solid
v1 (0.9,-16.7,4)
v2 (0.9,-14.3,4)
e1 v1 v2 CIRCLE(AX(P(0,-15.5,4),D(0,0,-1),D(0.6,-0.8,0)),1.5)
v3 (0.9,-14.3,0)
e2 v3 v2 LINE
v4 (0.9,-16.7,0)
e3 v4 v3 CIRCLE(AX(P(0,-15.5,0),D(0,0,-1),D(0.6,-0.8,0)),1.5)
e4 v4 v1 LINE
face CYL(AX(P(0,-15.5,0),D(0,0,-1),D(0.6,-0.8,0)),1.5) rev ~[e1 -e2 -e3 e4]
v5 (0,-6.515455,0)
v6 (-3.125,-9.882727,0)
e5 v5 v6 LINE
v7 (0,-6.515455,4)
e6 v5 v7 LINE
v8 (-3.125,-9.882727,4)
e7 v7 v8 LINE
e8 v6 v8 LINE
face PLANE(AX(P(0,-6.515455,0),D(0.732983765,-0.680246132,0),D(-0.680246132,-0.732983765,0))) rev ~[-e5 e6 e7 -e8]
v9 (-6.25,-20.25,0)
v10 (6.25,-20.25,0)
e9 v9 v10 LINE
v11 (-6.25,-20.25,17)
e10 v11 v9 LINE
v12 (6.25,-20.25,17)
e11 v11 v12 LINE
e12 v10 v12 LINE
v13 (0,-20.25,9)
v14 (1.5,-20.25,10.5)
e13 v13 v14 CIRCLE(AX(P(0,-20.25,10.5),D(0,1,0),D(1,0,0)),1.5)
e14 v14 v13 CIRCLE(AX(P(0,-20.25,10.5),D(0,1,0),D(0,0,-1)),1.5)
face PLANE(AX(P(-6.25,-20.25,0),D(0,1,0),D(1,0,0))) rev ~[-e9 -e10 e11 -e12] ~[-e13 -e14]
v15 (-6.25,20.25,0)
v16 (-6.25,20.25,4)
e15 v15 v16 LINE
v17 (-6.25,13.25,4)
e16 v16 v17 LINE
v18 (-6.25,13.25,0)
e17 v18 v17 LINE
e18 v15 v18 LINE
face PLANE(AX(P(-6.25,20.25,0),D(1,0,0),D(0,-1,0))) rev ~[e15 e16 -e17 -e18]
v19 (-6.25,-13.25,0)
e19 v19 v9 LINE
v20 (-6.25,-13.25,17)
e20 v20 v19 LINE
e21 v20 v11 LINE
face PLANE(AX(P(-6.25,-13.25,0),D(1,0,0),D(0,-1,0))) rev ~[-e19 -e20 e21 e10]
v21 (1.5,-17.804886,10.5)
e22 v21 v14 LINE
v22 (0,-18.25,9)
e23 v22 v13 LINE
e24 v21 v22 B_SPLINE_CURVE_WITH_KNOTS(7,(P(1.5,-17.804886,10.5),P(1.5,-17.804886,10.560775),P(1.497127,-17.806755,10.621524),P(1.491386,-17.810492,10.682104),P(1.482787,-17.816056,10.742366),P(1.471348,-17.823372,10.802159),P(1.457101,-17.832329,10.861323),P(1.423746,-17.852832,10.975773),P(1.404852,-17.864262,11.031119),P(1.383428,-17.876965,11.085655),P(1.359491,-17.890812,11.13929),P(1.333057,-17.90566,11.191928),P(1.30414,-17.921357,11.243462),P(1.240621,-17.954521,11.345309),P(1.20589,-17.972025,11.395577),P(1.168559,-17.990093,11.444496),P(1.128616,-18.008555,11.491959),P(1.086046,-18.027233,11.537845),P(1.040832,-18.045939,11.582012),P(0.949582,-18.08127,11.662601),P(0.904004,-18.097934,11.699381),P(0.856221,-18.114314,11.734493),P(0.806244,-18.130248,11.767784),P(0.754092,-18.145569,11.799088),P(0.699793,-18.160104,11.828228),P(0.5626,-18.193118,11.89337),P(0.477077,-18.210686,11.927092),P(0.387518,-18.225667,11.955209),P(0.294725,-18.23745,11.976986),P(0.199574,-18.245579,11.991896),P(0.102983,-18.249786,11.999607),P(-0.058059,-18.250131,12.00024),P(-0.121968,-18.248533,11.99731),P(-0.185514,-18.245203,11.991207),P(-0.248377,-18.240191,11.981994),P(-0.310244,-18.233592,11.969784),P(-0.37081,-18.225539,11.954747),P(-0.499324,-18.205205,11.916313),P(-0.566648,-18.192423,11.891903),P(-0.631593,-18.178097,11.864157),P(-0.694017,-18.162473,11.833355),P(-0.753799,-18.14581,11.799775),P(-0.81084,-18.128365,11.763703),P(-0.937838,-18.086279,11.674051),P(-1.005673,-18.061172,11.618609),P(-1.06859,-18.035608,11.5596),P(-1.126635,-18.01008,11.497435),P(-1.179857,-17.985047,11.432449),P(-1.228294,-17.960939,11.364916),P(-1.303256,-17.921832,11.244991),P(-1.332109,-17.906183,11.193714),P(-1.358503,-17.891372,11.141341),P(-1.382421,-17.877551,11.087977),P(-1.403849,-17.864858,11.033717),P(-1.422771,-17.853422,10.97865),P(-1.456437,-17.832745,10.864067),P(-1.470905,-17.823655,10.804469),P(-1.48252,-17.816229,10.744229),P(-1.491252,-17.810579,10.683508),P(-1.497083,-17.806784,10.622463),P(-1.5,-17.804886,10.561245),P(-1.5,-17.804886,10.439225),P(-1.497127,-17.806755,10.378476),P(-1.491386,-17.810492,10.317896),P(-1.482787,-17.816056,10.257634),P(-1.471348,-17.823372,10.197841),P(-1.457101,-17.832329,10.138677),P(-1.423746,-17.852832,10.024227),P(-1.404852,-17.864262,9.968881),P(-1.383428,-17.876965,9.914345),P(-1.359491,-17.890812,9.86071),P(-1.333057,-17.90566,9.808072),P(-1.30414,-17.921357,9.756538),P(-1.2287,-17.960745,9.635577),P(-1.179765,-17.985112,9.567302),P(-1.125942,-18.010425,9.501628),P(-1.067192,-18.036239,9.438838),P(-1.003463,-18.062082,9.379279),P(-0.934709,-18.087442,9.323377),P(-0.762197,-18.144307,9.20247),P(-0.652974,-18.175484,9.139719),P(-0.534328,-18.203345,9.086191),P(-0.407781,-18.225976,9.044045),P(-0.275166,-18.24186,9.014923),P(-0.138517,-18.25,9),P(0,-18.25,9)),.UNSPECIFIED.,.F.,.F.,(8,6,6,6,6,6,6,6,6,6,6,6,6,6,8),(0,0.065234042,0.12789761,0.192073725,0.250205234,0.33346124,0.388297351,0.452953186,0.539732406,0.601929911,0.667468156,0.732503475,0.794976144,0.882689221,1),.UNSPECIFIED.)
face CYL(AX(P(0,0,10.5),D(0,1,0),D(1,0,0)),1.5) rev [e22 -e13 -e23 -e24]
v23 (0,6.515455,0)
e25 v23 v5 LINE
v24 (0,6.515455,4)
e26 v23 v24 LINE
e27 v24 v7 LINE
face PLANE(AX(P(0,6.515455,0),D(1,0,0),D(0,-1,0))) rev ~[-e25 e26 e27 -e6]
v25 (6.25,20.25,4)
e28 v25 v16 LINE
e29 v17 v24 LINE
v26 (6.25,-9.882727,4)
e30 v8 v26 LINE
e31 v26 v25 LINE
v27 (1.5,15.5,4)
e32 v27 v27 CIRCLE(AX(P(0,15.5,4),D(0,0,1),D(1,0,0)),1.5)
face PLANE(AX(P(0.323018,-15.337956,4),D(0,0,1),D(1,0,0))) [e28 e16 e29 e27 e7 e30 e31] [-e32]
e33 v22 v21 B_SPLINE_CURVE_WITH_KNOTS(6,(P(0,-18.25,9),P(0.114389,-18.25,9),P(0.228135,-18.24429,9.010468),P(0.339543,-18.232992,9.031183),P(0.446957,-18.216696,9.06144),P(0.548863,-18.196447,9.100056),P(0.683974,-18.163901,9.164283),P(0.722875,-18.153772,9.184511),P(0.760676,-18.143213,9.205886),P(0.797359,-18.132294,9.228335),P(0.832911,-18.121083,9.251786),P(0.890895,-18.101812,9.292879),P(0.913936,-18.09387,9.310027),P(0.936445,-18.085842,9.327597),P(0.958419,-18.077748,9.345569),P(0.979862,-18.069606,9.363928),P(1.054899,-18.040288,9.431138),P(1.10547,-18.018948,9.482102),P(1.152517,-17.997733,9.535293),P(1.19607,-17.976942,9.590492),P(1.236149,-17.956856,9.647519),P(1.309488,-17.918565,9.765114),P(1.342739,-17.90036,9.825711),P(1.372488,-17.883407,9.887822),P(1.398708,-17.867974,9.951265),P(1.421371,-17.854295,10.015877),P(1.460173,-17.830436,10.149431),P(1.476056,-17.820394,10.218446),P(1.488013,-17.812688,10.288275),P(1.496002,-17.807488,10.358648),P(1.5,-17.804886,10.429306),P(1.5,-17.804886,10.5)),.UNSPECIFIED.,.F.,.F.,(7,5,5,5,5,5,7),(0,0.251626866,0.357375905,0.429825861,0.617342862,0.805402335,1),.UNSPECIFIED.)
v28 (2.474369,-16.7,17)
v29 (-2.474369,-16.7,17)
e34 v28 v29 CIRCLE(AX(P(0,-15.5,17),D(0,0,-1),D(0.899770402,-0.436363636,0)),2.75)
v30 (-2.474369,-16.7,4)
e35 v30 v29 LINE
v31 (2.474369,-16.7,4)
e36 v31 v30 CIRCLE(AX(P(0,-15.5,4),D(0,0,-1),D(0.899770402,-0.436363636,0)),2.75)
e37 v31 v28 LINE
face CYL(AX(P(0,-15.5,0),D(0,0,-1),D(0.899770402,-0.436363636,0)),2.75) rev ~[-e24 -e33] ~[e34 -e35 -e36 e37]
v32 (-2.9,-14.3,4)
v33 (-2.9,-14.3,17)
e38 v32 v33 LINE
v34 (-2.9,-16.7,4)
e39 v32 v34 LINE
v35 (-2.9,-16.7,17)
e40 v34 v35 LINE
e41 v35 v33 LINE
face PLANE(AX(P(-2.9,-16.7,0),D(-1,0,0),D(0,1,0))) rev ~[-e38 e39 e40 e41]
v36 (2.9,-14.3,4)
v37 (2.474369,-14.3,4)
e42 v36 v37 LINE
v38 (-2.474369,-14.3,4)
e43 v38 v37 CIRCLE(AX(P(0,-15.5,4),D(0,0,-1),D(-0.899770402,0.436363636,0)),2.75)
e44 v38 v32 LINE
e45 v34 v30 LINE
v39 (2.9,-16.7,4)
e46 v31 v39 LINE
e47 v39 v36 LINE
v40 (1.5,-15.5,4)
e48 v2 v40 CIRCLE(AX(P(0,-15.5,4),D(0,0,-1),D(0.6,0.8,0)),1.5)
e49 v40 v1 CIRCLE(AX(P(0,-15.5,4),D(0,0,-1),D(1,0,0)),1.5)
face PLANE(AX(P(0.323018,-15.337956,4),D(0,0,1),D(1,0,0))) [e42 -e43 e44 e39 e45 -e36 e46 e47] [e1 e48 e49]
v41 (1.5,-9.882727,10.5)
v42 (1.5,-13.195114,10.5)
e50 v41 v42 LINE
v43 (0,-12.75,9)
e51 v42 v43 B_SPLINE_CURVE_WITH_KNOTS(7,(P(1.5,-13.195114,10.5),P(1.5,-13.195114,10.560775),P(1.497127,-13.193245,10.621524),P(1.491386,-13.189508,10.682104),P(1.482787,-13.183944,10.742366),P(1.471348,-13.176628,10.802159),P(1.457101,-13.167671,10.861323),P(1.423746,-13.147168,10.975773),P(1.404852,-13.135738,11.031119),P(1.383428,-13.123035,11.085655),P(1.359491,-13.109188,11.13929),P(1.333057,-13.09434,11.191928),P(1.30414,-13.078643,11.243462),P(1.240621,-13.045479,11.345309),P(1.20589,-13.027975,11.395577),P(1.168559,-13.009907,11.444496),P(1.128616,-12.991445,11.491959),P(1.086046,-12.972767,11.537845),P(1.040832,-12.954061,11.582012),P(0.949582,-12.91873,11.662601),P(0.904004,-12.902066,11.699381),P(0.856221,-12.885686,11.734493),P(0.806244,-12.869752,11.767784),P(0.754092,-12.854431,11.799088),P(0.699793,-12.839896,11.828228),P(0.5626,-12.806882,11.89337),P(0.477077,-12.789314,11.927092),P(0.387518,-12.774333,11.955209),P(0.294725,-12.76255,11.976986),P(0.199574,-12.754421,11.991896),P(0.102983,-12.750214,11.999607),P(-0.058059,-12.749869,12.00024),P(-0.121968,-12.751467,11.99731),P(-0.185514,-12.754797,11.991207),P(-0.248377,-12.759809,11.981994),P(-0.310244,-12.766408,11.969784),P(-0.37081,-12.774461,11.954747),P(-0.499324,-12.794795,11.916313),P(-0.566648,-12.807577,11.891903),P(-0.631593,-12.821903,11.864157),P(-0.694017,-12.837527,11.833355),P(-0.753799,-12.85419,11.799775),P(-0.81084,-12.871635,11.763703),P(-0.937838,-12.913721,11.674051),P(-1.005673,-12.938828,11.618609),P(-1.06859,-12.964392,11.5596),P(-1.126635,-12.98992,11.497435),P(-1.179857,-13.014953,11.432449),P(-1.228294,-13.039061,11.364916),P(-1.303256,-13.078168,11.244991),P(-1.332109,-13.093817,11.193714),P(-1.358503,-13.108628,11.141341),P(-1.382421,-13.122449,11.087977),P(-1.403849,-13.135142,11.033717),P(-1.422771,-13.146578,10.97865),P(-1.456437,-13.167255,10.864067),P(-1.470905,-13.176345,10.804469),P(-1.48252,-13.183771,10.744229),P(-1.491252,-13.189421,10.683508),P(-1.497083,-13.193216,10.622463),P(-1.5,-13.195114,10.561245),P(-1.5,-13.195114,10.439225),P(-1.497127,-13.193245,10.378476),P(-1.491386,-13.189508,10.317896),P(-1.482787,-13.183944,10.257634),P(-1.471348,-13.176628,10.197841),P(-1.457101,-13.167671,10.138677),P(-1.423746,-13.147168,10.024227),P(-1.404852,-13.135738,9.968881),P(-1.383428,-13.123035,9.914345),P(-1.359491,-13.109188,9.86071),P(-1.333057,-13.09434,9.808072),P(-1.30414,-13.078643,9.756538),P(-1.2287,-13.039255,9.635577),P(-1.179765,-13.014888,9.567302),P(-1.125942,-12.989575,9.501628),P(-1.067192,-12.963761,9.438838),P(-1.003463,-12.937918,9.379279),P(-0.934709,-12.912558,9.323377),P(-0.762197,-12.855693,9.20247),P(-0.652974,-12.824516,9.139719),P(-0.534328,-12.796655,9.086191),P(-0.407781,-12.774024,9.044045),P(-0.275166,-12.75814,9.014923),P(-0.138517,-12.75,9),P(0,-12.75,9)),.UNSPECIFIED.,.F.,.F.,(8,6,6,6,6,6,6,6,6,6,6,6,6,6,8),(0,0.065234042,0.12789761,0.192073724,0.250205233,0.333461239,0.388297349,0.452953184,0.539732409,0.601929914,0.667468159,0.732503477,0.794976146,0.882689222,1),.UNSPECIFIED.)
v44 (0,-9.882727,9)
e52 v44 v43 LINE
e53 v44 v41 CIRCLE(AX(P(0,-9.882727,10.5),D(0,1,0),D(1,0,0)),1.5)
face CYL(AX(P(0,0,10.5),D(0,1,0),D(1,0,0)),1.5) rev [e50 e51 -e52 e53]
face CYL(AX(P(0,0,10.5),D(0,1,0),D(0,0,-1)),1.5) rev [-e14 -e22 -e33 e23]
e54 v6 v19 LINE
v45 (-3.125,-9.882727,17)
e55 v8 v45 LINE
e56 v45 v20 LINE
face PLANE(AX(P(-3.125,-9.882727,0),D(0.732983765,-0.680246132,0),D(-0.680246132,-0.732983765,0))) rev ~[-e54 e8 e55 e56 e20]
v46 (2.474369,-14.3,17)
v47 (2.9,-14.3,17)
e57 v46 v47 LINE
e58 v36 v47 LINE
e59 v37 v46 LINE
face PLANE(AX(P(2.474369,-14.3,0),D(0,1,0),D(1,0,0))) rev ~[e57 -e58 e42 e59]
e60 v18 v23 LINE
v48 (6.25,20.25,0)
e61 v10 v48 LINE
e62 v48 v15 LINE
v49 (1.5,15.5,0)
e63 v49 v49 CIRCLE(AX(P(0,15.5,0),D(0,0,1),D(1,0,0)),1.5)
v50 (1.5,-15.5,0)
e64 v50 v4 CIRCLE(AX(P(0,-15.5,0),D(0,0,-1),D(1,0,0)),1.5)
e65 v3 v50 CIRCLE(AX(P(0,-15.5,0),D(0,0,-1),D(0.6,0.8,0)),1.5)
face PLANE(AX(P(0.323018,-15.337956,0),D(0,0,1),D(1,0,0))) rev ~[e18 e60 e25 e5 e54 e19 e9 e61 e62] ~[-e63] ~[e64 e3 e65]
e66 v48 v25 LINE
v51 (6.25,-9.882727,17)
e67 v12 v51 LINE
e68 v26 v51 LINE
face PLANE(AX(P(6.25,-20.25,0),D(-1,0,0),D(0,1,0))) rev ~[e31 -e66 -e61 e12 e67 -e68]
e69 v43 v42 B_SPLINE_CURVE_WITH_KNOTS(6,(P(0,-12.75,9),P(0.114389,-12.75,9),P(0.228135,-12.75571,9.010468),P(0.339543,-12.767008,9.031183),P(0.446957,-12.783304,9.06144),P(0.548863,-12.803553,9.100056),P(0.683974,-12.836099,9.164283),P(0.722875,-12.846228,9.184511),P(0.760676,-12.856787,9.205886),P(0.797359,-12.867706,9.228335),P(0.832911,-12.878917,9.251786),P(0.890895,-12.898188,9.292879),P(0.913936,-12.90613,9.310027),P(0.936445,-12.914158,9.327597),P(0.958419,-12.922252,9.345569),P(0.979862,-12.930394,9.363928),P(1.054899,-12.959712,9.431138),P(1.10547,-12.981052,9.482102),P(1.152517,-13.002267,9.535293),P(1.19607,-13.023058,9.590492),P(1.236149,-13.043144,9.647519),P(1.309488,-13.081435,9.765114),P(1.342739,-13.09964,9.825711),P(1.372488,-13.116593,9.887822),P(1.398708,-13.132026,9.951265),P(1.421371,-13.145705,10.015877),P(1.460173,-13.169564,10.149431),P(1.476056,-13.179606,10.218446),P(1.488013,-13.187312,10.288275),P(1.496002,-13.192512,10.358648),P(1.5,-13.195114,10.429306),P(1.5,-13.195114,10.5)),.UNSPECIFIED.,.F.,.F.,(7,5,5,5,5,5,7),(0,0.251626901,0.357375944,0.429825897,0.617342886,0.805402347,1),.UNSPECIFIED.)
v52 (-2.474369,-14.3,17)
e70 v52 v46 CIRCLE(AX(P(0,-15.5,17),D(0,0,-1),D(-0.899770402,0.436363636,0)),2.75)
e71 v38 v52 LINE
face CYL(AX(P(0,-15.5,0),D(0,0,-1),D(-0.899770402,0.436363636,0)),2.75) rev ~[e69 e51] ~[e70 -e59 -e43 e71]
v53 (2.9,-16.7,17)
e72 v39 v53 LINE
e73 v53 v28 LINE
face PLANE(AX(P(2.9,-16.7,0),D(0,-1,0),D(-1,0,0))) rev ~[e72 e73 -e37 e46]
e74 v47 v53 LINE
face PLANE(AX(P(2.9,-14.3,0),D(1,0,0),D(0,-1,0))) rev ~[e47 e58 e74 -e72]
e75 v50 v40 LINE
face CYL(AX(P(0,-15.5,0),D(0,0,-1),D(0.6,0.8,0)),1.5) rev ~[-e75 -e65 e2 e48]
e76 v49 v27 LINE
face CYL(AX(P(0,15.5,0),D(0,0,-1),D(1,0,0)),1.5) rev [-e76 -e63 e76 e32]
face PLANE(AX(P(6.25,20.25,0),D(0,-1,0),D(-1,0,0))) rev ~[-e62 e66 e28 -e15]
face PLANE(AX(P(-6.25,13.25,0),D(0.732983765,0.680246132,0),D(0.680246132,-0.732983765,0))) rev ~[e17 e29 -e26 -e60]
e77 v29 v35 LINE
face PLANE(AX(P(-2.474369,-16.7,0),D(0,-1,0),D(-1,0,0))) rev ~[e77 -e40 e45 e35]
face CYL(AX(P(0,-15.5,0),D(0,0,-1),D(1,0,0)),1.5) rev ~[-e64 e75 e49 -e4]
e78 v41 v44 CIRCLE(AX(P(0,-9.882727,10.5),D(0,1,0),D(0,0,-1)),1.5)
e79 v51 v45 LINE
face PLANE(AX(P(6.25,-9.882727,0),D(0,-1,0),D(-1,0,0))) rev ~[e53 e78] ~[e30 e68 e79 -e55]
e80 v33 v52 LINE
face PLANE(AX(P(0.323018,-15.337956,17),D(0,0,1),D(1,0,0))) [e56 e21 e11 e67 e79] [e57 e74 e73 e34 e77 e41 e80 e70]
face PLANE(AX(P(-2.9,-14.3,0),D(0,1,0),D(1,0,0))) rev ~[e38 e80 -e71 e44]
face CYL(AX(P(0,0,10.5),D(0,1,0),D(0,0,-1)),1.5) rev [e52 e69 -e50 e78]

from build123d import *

# Parameters (mm, degrees)
F0_R     = 2.75
F0_R_2   = 1.5
F1_DEPTH = 4
F2_DEPTH = 17
F4_DEPTH = 25


with BuildPart() as f1:
    # F0 (on Top) → F1 (new body)
    with BuildSketch(Plane.XY):
        Polygon((-6.25, -20.25), (6.25, -20.25), (6.25, -9.8827272505), (-3.125, -9.8827272505), (-6.25, -13.25), align=None)
        with BuildLine():
            ThreePointArc((-2.4743686063, -14.3), (0, -12.75), (2.4743686063, -14.3))
            Line((2.4743686063, -14.3), (2.9, -14.3))
            Line((2.9, -14.3), (2.9, -16.7))
            Line((2.9, -16.7), (2.4743686063, -16.7))
            ThreePointArc((2.4743686063, -16.7), (0, -18.25), (-2.4743686063, -16.7))
            Line((-2.4743686063, -16.7), (-2.9, -16.7))
            Line((-2.9, -16.7), (-2.9, -14.3))
            Line((-2.9, -14.3), (-2.4743686063, -14.3))
        make_face(mode=Mode.SUBTRACT)
        Polygon((-3.125, -9.8827272505), (6.25, -9.8827272505), (6.25, -6.5154545009), (0, -6.5154545009), align=None)
        Polygon((0, -6.5154545009), (6.25, -6.5154545009), (6.25, 20.25), (-6.25, 20.25), (-6.25, 13.25), (0, 6.5154545009), (0, 0), align=None)
        with Locations((0, 15.5)):
            Circle(F0_R, mode=Mode.SUBTRACT)
        with Locations((0, 15.5)):
            Circle(F0_R)
        with Locations((0, 15.5)):
            Circle(F0_R_2, mode=Mode.SUBTRACT)
        with BuildLine():
            ThreePointArc((-0.9, -14.3), (0, -14), (0.9, -14.3))
            Line((0.9, -14.3), (2.4743686063, -14.3))
            ThreePointArc((2.4743686063, -14.3), (0, -12.75), (-2.4743686063, -14.3))
            Line((-2.4743686063, -14.3), (-0.9, -14.3))
        make_face()
        with BuildLine():
            ThreePointArc((-0.9, -16.7), (-1.5, -15.5), (-0.9, -14.3))
            Line((-0.9, -14.3), (-2.4743686063, -14.3))
            ThreePointArc((-2.4743686063, -14.3), (-2.75, -15.5), (-2.4743686063, -16.7))
            Line((-2.4743686063, -16.7), (-0.9, -16.7))
        make_face()
        with BuildLine():
            Line((2.4743686063, -16.7), (0.9, -16.7))
            ThreePointArc((0.9, -16.7), (0, -17), (-0.9, -16.7))
            Line((-0.9, -16.7), (-2.4743686063, -16.7))
            ThreePointArc((-2.4743686063, -16.7), (0, -18.25), (2.4743686063, -16.7))
        make_face()
        with BuildLine():
            ThreePointArc((0.9, -14.3), (1.3416407865, -14.8291796068), (1.5, -15.5))
            ThreePointArc((1.5, -15.5), (1.3416407865, -16.1708203932), (0.9, -16.7))
            Line((0.9, -16.7), (2.4743686063, -16.7))
            ThreePointArc((2.4743686063, -16.7), (2.6802064909, -16.1156242087), (2.75, -15.5))
            ThreePointArc((2.75, -15.5), (2.6802064909, -14.8843757913), (2.4743686063, -14.3))
            Line((2.4743686063, -14.3), (0.9, -14.3))
        make_face()
        with BuildLine():
            ThreePointArc((-2.4743686063, -16.7), (-2.75, -15.5), (-2.4743686063, -14.3))
            Line((-2.4743686063, -14.3), (-2.9, -14.3))
            Line((-2.9, -14.3), (-2.9, -16.7))
            Line((-2.9, -16.7), (-2.4743686063, -16.7))
        make_face()
        with BuildLine():
            Line((2.9, -14.3), (2.4743686063, -14.3))
            ThreePointArc((2.4743686063, -14.3), (2.6802064909, -14.8843757913), (2.75, -15.5))
            ThreePointArc((2.75, -15.5), (2.6802064909, -16.1156242087), (2.4743686063, -16.7))
            Line((2.4743686063, -16.7), (2.9, -16.7))
            Line((2.9, -16.7), (2.9, -14.3))
        make_face()
    extrude(amount=F1_DEPTH)

    # F0 (on Top) → F2 (join)
    with BuildSketch(Plane.XY):
        Polygon((-6.25, -20.25), (6.25, -20.25), (6.25, -9.8827272505), (-3.125, -9.8827272505), (-6.25, -13.25), align=None)
        with BuildLine():
            ThreePointArc((-2.4743686063, -14.3), (0, -12.75), (2.4743686063, -14.3))
            Line((2.4743686063, -14.3), (2.9, -14.3))
            Line((2.9, -14.3), (2.9, -16.7))
            Line((2.9, -16.7), (2.4743686063, -16.7))
            ThreePointArc((2.4743686063, -16.7), (0, -18.25), (-2.4743686063, -16.7))
            Line((-2.4743686063, -16.7), (-2.9, -16.7))
            Line((-2.9, -16.7), (-2.9, -14.3))
            Line((-2.9, -14.3), (-2.4743686063, -14.3))
        make_face(mode=Mode.SUBTRACT)
    extrude(amount=F2_DEPTH)

    # F3 (on Front) → F4 (cut)
    with BuildSketch(Plane.XZ):
        with BuildLine():
            ThreePointArc((0, 9), (1.0606601718, 9.4393398282), (1.5, 10.5))
            ThreePointArc((1.5, 10.5), (-1.0606601718, 11.5606601718), (0, 9))
        make_face()
    extrude(amount=F4_DEPTH, mode=Mode.SUBTRACT)


solid = f1.part
